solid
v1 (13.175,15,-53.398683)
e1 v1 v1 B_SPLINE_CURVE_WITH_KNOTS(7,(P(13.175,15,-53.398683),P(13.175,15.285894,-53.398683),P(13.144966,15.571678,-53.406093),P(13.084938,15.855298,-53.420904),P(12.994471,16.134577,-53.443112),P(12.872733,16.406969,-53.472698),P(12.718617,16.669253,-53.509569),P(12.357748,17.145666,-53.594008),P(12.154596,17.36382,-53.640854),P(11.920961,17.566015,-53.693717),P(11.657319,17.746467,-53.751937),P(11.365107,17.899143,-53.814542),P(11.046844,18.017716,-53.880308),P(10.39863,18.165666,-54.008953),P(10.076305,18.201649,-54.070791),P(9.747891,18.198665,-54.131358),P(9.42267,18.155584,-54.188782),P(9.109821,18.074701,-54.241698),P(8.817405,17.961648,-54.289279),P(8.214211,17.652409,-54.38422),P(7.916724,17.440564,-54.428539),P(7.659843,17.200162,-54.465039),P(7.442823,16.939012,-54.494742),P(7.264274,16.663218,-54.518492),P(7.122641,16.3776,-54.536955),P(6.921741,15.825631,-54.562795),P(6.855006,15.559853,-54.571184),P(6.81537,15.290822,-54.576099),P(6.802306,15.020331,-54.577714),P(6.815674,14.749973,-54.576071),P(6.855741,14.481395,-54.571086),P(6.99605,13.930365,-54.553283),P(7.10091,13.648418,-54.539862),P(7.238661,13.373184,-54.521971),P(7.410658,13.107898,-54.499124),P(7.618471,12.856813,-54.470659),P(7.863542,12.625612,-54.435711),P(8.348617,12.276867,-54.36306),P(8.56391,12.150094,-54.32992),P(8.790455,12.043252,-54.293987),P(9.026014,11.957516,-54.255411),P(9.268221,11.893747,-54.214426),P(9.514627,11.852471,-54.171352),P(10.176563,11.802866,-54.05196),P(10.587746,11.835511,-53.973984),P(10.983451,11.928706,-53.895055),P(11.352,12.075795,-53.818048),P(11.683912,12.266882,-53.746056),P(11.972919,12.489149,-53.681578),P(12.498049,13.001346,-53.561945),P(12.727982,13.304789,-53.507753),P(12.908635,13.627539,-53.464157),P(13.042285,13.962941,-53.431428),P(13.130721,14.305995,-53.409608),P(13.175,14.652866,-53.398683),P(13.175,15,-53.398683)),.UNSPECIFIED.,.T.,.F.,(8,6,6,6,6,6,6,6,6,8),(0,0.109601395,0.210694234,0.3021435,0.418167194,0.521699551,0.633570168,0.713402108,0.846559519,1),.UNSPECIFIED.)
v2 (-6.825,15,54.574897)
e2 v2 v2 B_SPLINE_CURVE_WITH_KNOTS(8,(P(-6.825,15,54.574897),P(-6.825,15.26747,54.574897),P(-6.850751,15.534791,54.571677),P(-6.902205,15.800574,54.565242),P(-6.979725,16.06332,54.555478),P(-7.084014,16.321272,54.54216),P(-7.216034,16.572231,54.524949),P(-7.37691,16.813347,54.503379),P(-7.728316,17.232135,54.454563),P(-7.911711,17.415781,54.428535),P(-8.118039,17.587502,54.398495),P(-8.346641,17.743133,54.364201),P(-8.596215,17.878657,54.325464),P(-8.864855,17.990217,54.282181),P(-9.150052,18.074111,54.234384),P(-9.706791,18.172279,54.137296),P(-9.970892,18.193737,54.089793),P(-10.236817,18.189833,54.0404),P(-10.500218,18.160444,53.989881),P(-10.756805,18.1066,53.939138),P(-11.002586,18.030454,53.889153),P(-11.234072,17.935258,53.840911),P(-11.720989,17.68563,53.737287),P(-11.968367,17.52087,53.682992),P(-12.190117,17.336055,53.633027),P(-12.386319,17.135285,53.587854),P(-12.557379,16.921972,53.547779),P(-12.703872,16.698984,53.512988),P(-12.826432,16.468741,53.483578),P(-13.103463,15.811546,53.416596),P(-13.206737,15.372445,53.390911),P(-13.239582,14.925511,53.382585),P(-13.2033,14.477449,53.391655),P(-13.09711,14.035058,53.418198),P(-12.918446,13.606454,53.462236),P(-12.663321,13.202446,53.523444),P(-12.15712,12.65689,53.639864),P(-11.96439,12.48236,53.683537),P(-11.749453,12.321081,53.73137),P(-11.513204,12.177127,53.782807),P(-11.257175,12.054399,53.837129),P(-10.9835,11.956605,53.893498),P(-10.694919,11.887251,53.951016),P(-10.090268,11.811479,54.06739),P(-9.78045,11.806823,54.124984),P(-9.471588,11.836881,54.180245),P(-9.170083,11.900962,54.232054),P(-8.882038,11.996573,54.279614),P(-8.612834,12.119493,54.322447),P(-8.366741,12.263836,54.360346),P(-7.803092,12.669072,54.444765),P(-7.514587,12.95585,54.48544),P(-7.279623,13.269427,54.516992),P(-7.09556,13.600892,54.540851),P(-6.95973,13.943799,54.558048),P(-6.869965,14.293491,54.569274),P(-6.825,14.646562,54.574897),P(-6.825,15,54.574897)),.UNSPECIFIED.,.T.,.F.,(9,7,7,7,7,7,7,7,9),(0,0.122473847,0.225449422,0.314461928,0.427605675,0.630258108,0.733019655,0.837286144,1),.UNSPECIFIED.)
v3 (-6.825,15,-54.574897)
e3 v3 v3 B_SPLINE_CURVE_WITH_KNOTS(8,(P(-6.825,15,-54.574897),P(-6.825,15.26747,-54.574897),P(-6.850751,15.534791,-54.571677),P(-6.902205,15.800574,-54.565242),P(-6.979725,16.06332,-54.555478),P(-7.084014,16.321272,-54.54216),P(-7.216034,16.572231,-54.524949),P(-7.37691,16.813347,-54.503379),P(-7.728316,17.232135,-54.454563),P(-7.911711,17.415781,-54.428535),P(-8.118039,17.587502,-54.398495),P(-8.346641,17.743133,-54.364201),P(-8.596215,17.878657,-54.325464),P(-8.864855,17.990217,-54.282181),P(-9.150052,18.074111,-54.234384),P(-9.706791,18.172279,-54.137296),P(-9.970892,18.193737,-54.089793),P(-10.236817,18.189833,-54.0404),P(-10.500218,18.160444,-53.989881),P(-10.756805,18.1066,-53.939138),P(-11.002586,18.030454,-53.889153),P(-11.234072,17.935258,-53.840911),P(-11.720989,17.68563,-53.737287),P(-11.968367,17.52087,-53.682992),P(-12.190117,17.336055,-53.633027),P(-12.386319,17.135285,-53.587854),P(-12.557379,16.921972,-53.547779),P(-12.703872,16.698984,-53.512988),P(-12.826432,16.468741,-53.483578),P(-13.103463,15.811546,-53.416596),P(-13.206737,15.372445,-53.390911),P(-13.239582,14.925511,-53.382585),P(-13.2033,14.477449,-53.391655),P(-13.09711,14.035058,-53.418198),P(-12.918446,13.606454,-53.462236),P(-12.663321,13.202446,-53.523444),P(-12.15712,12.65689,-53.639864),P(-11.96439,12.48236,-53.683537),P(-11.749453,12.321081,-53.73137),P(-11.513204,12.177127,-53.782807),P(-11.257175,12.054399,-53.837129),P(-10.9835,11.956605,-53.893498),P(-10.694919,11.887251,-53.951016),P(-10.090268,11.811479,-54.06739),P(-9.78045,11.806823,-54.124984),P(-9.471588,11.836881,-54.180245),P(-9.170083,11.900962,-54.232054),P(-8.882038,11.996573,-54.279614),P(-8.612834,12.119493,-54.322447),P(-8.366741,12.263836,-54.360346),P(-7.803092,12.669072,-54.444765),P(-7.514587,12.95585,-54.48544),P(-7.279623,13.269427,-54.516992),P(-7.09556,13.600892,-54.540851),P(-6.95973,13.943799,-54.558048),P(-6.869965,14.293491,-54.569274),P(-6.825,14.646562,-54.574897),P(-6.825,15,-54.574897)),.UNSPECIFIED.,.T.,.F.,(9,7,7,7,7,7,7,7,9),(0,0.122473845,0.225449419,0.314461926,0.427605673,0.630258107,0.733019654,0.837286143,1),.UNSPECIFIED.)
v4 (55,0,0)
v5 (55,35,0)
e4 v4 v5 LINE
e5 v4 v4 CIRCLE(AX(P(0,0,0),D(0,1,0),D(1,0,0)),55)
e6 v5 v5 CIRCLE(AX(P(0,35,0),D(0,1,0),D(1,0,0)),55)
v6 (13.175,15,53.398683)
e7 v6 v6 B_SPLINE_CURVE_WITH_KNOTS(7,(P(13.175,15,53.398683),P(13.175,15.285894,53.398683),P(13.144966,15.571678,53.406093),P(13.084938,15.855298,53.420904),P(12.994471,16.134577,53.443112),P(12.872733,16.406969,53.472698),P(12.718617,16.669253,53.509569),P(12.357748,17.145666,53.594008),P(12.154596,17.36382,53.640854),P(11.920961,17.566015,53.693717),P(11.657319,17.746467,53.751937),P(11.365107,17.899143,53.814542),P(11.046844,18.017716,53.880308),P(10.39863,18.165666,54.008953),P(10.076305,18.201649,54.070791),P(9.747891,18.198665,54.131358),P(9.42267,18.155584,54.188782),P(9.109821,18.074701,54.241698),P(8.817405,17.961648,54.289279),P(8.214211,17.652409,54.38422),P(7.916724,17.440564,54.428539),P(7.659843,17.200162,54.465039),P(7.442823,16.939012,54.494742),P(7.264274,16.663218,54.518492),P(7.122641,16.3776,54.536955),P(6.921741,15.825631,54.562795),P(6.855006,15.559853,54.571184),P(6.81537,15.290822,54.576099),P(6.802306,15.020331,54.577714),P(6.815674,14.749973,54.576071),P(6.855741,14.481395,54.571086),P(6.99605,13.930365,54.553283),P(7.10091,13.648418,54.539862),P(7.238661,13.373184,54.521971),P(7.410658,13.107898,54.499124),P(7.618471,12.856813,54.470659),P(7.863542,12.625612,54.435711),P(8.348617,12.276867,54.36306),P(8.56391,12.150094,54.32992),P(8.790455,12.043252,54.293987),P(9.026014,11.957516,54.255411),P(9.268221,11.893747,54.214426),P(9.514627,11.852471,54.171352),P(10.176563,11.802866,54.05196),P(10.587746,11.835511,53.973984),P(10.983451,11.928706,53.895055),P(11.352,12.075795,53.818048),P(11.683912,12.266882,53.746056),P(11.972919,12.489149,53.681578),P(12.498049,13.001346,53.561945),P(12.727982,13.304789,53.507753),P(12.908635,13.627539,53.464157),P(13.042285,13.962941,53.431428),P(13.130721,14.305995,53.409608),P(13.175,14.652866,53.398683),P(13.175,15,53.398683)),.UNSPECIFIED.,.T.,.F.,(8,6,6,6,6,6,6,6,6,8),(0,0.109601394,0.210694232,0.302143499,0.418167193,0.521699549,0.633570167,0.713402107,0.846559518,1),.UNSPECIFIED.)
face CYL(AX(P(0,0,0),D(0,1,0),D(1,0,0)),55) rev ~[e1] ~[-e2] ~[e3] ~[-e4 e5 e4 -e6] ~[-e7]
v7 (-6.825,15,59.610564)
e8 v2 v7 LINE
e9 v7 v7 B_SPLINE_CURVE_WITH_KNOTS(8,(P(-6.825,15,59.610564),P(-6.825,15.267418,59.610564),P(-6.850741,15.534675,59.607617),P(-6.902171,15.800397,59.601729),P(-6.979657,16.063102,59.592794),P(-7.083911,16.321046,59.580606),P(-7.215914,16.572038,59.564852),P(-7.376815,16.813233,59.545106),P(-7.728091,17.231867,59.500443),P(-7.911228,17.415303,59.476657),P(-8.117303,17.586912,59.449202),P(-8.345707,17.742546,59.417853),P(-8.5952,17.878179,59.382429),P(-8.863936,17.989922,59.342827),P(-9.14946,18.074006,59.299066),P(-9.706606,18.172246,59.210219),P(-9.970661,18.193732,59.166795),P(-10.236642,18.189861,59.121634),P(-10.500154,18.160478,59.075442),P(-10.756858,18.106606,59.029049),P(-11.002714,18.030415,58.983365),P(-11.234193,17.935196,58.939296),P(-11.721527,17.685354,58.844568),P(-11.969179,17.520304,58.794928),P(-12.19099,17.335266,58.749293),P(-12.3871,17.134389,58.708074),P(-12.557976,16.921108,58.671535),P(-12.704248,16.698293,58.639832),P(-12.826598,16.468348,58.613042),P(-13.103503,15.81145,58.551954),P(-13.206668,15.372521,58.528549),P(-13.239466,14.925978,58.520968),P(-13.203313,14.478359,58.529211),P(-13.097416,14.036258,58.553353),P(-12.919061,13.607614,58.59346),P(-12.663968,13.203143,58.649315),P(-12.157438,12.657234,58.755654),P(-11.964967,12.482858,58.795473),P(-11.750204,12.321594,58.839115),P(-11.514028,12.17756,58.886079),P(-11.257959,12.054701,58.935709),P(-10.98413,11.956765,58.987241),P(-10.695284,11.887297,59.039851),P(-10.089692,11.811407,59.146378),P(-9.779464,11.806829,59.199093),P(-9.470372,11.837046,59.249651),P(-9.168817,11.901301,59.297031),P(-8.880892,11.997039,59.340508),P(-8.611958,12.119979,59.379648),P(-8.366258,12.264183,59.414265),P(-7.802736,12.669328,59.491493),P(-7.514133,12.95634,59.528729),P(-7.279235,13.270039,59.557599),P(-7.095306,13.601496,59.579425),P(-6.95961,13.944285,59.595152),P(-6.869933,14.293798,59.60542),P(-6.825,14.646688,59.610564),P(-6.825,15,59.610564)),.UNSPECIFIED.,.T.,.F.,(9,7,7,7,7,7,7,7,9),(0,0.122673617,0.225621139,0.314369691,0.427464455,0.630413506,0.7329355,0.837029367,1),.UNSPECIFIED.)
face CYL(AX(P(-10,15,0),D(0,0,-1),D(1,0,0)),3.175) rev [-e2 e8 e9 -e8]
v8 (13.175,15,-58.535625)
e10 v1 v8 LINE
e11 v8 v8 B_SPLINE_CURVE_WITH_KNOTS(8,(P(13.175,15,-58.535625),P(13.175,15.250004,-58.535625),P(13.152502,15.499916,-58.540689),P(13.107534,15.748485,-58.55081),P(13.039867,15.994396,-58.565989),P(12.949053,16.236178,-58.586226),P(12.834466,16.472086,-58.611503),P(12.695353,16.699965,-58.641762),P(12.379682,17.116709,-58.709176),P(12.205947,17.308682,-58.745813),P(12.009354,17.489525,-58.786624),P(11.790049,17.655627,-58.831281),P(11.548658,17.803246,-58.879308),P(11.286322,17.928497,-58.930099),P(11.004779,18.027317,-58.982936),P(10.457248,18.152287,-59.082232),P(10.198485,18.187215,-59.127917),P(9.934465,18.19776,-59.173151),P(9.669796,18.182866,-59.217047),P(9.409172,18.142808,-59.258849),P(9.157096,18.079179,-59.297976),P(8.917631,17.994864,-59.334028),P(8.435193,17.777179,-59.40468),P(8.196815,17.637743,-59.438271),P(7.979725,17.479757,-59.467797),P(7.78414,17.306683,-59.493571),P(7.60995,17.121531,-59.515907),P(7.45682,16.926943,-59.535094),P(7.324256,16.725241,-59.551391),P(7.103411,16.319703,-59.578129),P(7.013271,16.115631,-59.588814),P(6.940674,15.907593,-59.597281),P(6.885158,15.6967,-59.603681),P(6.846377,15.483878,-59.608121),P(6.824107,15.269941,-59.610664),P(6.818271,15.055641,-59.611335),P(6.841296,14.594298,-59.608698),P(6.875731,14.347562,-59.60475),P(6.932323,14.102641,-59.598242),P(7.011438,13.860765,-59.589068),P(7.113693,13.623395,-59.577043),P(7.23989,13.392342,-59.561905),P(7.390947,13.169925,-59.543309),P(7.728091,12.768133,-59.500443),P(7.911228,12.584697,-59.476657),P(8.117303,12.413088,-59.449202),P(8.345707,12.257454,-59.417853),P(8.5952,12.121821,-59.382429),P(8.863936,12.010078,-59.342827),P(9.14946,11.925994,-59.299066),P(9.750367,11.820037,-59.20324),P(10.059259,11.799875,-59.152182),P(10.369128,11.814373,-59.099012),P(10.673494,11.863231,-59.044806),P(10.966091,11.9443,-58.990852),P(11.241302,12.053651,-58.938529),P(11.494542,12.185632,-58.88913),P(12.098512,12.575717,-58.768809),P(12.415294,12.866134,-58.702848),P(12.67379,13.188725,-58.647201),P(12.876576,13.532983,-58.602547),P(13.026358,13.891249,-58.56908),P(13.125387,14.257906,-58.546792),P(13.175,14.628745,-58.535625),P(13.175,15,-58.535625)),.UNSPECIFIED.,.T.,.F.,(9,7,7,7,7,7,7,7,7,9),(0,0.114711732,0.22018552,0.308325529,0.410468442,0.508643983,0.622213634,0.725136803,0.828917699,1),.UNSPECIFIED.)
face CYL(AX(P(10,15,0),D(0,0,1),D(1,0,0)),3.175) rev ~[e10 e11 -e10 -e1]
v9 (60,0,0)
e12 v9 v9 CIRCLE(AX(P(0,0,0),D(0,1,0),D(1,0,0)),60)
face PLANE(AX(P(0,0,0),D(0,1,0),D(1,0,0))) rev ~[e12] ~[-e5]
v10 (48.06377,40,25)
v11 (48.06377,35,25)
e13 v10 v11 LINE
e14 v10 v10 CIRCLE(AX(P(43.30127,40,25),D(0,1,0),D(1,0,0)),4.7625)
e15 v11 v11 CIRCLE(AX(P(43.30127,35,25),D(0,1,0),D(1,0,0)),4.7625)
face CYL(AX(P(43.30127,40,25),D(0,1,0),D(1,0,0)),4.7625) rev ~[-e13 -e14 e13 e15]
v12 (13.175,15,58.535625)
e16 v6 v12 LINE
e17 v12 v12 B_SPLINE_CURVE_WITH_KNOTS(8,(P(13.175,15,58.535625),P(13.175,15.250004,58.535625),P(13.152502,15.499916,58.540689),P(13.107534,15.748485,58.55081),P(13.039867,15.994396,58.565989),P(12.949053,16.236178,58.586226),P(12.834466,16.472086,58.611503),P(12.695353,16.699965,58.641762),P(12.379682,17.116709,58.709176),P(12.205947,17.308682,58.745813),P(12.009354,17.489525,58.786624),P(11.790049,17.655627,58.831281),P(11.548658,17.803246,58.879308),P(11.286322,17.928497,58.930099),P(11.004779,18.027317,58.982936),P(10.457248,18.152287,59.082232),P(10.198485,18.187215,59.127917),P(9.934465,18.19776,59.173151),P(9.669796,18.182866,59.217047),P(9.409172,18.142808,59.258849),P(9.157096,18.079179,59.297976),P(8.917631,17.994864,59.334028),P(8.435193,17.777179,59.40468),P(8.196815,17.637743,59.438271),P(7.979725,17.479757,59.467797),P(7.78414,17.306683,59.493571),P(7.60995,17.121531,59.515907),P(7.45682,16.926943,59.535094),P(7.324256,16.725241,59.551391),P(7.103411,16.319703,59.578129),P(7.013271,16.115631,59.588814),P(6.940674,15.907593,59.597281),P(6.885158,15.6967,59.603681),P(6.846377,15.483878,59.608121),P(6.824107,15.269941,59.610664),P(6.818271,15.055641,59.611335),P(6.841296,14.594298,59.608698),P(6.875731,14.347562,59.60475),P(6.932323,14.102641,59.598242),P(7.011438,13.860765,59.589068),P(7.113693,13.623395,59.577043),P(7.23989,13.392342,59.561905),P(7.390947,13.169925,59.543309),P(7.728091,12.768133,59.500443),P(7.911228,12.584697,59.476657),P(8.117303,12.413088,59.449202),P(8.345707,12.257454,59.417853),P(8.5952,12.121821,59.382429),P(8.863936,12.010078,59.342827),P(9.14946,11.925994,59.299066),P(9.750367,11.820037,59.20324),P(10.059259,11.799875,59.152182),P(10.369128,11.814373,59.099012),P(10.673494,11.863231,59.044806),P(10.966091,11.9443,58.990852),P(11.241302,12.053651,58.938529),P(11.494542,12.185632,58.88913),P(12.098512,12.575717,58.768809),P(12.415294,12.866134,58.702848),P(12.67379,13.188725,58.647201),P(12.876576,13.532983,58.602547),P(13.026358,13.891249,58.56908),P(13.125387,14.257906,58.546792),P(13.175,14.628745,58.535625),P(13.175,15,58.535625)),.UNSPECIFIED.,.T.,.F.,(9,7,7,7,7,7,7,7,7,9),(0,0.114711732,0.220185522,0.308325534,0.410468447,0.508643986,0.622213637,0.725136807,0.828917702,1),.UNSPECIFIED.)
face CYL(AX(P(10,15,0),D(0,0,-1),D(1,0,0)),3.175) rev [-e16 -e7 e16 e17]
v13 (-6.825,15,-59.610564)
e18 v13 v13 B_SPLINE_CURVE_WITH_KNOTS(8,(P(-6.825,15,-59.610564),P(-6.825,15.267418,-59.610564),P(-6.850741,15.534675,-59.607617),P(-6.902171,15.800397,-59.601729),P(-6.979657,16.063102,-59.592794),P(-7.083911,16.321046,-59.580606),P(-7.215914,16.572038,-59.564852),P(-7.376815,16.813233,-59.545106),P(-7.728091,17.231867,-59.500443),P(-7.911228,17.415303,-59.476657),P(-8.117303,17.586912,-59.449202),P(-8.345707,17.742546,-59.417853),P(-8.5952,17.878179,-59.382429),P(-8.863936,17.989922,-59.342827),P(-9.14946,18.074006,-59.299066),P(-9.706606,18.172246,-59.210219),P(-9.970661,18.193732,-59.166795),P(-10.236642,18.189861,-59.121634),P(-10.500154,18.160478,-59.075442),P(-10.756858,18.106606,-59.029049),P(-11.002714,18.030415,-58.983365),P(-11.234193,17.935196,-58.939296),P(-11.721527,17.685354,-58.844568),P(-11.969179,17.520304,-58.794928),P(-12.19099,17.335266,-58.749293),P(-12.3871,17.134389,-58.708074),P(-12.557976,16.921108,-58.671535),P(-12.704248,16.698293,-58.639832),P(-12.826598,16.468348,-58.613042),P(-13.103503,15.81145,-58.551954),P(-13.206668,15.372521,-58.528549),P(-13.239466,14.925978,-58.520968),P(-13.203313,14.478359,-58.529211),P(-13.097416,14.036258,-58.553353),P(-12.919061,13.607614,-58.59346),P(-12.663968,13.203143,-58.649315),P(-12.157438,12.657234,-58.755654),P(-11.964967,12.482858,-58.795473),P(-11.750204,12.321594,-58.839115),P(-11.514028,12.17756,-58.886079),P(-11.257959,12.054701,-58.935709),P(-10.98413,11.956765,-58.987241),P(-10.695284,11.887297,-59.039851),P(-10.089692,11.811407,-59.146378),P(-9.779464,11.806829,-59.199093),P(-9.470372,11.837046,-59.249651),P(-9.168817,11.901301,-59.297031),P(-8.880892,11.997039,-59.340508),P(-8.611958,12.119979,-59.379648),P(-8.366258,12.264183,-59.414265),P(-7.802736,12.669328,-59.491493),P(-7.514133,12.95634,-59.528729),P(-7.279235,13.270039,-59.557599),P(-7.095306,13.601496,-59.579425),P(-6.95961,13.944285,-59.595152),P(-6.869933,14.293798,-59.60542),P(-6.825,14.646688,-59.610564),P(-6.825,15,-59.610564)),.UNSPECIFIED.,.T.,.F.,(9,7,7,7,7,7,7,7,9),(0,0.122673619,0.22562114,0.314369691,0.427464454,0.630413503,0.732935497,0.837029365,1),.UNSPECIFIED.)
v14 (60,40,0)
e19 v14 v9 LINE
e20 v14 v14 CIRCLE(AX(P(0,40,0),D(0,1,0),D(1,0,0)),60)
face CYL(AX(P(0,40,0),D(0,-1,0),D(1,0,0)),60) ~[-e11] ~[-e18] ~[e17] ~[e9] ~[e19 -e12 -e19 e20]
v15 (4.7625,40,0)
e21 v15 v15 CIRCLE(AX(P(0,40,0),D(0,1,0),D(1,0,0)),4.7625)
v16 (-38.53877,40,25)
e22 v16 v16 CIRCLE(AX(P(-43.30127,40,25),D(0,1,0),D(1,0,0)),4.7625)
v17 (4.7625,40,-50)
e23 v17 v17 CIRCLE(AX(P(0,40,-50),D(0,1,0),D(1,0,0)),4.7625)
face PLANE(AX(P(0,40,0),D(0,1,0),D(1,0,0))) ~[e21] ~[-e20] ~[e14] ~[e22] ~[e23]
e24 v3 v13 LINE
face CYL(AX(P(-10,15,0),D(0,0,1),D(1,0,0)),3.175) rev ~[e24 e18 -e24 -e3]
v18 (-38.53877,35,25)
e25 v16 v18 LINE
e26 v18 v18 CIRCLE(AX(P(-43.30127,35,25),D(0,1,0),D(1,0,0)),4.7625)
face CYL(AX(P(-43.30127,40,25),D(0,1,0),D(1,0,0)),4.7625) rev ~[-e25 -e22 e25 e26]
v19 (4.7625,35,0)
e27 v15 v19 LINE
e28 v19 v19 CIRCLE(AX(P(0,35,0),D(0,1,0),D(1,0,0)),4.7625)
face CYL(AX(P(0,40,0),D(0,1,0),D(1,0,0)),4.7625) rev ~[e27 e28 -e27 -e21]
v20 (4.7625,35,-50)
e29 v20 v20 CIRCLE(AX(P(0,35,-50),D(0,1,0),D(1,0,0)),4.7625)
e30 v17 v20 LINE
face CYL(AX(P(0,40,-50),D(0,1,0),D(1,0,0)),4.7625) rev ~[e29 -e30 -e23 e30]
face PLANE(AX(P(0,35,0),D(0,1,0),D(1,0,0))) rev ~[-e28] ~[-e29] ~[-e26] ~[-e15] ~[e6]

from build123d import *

# Parameters (mm, degrees)
CROQUIS2_R                 = 4.7625
CORTAR_EXTRUIR1_DEPTH      = 41
CROQUIS3_R                 = 3.175
CORTAR_EXTRUIR2_DEPTH      = 61
CORTAR_EXTRUIR2_DEPTH_BACK = 61
CROQUIS4_R                 = 4.7625
CORTAR_EXTRUIR4_DEPTH      = 1.0000001
CORTAR_EXTRUIR4_DEPTH_BACK = 41.0000001


with BuildPart() as part:
    # Croquis1 → Revolución1 (revolve)
    with BuildSketch(Plane.XY):
        Polygon((0, 40), (60, 40), (60, 0), (55, 0), (55, 35), (0, 35), align=None)
    revolve(axis=Axis((0, 0, 0), (0, 1, 0)))

    # Croquis2 → Cortar-Extruir1 (cut, through all)
    with BuildSketch(Plane(origin=(0, 40, 0), x_dir=(1, 0, 0), z_dir=(0, 1, 0))):
        Circle(CROQUIS2_R)
    extrude(amount=-CORTAR_EXTRUIR1_DEPTH, mode=Mode.SUBTRACT)

    # Croquis3 → Cortar-Extruir2 (cut, two sides)
    with BuildSketch(Plane.XY) as cortar_extruir2_sk:
        with Locations((-10, 15)):
            Circle(CROQUIS3_R)
        with Locations((10, 15)):
            Circle(CROQUIS3_R)
    extrude(amount=CORTAR_EXTRUIR2_DEPTH, mode=Mode.SUBTRACT)
    extrude(cortar_extruir2_sk.sketch, amount=-CORTAR_EXTRUIR2_DEPTH_BACK, mode=Mode.SUBTRACT)

    # Croquis4 → Cortar-Extruir4 (cut, two sides)
    with BuildSketch(Plane(origin=(0, 40, 0), x_dir=(1, 0, 0), z_dir=(0, 1, 0))) as cortar_extruir4_sk:
        with Locations((0, 50)):
            Circle(CROQUIS4_R)
        with Locations((43.301270189, -25)):
            Circle(CROQUIS4_R)
        with Locations((-43.301270189, -25)):
            Circle(CROQUIS4_R)
    extrude(amount=CORTAR_EXTRUIR4_DEPTH, mode=Mode.SUBTRACT)
    extrude(cortar_extruir4_sk.sketch, amount=-CORTAR_EXTRUIR4_DEPTH_BACK, mode=Mode.SUBTRACT)


solid = part.part
